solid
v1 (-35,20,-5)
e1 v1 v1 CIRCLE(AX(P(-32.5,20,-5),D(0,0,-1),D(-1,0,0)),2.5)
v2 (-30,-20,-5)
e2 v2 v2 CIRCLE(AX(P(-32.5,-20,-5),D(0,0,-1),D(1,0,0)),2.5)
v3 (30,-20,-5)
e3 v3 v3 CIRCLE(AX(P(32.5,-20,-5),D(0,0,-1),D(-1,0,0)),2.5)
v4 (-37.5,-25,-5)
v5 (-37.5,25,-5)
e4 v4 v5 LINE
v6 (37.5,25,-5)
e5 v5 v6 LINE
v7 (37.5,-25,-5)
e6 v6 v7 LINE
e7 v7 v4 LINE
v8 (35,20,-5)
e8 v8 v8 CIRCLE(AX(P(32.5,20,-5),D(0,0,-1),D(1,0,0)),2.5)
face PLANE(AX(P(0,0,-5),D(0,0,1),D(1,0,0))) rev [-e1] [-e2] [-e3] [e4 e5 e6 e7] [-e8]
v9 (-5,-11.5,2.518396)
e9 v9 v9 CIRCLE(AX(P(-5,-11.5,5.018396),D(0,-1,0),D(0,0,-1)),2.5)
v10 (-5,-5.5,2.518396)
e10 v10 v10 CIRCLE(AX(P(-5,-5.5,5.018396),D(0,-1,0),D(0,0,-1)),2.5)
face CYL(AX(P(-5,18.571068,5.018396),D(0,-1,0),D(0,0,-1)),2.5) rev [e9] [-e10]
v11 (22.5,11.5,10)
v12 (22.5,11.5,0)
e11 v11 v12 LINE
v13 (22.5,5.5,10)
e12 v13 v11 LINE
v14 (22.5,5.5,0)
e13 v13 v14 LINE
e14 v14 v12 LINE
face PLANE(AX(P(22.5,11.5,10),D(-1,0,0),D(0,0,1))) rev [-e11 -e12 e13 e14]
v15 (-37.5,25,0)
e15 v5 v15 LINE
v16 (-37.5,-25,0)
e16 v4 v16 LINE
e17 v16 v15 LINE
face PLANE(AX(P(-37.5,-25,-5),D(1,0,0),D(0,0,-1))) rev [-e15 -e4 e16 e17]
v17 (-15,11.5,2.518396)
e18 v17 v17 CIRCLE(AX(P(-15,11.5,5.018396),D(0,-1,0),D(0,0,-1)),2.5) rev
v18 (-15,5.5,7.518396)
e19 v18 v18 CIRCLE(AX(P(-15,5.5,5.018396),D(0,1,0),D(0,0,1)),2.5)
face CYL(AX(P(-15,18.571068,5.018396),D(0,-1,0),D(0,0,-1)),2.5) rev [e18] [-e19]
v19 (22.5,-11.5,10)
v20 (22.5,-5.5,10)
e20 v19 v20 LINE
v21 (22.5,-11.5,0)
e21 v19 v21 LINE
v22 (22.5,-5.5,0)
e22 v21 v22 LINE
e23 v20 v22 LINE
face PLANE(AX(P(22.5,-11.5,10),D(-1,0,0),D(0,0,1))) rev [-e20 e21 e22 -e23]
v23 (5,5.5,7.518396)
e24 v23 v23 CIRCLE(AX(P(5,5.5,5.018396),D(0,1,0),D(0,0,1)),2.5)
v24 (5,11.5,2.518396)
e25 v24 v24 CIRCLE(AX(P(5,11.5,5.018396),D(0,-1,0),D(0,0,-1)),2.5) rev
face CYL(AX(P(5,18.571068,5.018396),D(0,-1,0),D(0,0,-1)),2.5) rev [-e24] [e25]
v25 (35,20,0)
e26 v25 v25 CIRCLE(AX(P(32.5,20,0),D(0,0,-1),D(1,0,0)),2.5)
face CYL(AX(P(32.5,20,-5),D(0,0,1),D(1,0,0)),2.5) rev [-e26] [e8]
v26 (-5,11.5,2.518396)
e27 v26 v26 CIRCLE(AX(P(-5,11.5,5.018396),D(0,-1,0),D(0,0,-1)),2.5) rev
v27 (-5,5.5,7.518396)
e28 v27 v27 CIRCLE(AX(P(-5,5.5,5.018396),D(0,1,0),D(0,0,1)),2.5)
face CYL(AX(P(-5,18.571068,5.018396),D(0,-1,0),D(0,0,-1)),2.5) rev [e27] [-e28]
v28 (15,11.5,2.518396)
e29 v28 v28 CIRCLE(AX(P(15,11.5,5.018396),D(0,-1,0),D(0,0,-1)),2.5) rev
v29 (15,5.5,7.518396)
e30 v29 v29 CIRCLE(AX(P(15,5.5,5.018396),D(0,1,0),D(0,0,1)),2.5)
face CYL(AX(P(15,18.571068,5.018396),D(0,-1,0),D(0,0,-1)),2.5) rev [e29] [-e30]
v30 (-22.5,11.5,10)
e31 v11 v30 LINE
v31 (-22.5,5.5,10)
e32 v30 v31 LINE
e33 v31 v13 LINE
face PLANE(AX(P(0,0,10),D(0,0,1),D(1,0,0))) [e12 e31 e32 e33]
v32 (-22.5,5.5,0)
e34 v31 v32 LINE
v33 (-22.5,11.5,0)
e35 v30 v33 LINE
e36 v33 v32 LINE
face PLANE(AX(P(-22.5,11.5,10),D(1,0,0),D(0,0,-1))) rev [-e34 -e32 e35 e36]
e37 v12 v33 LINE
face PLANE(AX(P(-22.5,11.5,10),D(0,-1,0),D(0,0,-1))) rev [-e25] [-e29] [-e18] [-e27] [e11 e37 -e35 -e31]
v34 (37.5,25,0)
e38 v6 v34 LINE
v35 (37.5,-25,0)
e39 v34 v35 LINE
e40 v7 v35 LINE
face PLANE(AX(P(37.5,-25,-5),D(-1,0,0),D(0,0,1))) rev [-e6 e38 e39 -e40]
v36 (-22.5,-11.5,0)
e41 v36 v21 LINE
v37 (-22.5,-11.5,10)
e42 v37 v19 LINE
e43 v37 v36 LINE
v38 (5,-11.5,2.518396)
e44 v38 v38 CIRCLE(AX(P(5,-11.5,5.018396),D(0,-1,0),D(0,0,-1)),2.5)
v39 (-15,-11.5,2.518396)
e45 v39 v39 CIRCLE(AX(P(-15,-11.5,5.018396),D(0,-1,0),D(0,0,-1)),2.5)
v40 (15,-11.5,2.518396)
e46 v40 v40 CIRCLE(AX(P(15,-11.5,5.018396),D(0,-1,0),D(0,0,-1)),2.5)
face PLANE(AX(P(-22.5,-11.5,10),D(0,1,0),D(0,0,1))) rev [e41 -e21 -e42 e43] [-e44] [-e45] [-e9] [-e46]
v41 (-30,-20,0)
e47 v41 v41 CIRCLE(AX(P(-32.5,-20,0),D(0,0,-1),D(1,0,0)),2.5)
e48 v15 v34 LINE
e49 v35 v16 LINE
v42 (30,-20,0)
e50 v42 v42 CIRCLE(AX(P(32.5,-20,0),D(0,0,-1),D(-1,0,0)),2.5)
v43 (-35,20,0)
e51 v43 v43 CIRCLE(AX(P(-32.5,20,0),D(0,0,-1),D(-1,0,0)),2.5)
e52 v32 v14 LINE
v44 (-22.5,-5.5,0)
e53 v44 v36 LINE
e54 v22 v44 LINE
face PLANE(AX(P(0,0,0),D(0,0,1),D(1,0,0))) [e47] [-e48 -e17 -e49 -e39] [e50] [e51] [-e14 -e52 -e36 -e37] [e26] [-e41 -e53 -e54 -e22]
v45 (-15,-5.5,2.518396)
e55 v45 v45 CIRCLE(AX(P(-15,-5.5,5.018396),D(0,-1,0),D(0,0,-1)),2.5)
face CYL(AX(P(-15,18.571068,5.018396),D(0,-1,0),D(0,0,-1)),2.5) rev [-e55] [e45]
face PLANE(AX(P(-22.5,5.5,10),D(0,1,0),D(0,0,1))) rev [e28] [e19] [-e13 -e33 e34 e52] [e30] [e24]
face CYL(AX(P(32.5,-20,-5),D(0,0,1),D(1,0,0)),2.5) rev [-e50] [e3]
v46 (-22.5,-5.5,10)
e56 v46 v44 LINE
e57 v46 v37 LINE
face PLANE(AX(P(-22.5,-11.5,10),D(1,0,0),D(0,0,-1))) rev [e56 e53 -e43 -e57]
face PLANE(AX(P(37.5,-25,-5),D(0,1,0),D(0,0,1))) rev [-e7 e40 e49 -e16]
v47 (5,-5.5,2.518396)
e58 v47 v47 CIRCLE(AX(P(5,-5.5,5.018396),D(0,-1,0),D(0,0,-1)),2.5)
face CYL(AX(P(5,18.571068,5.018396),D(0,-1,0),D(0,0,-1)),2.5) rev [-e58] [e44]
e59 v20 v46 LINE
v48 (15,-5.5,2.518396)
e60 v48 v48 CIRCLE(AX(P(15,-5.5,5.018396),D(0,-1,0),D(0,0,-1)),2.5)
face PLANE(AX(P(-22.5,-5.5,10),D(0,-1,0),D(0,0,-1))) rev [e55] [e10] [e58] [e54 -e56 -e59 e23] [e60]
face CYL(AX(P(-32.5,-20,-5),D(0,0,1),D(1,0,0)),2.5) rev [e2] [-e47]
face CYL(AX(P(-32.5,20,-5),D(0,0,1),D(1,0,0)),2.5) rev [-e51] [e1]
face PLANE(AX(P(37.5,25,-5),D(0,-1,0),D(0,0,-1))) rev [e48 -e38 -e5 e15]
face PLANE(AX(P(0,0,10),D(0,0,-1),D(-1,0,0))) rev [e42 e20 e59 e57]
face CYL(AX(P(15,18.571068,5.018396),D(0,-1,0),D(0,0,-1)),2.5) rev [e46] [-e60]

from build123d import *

# Parameters (mm, degrees)
ESQUISSE1_W             = 45
ESQUISSE1_H             = 6
BOSS_EXTRU_1_DEPTH      = 10
BOSS_EXTRU_1_2_DEPTH    = 10
ESQUISSE2_W             = 75
ESQUISSE2_H             = 50
ESQUISSE2_R             = 2.5
BOSS_EXTRU_2_DEPTH      = 5
ENL_V_MAT_EXTRU_1_REACH = 55.278
ESQUISSE3_R             = 2.5


with BuildPart() as part:
    # Esquisse1 → Boss.-Extru.1 (new body)
    with BuildSketch(Plane.XY):
        with Locations((0, 8.5)):
            Rectangle(ESQUISSE1_W, ESQUISSE1_H)
    extrude(amount=BOSS_EXTRU_1_DEPTH)



with BuildPart() as body_2:
    # Esquisse1 → Boss.-Extru.1 2 (new body)
    with BuildSketch(Plane.XY):
        with Locations((0, -8.5)):
            Rectangle(ESQUISSE1_W, ESQUISSE1_H)
    extrude(amount=BOSS_EXTRU_1_2_DEPTH)


with BuildPart() as part_1:
    add(part.part)

    add(body_2.part)  # Boss.-Extru.2 merges body 2
    # Esquisse2 → Boss.-Extru.2 (add)
    with BuildSketch(Plane(origin=(0, 0, 0), x_dir=(-1, 0, 0), z_dir=(0, 0, -1))):
        Rectangle(ESQUISSE2_W, ESQUISSE2_H)
        with Locations((32.5, 20)):
            Circle(ESQUISSE2_R, mode=Mode.SUBTRACT)
        with Locations(Location((-32.5, 20, 0), (0, 0, 180))):
            Circle(ESQUISSE2_R, mode=Mode.SUBTRACT)
        with Locations((-32.5, -20)):
            Circle(ESQUISSE2_R, mode=Mode.SUBTRACT)
        with Locations(Location((32.5, -20, 0), (0, 0, 180))):
            Circle(ESQUISSE2_R, mode=Mode.SUBTRACT)
    extrude(amount=BOSS_EXTRU_2_DEPTH)

    # Enlèv. mat.-Extru.1: up to this face of the body (flat: up to its plane)
    enl_v_mat_extru_1_end = Plane(part_1.part.faces().sort_by_distance((0, 11.5, 5))[0])
    # Esquisse3 → Enlèv. mat.-Extru.1 (cut, up to the picked face)
    with BuildSketch(Plane.XZ.offset(11.5), mode=Mode.PRIVATE) as enl_v_mat_extru_1_sk1:
        with Locations(Location((-5, 5.0183964, 0), (0, 0, 270))):
            Circle(ESQUISSE3_R)
    enl_v_mat_extru_1_tool1 = split(extrude(enl_v_mat_extru_1_sk1.sketch, amount=-ENL_V_MAT_EXTRU_1_REACH, mode=Mode.PRIVATE), bisect_by=enl_v_mat_extru_1_end, keep=Keep.BOTH, mode=Mode.PRIVATE)
    # Esquisse3 → Enlèv. mat.-Extru.1 (cut, up to the picked face)
    with BuildSketch(Plane.XZ.offset(11.5), mode=Mode.PRIVATE) as enl_v_mat_extru_1_sk2:
        with Locations(Location((5, 5.0183964, 0), (0, 0, 270))):
            Circle(ESQUISSE3_R)
    enl_v_mat_extru_1_tool2 = split(extrude(enl_v_mat_extru_1_sk2.sketch, amount=-ENL_V_MAT_EXTRU_1_REACH, mode=Mode.PRIVATE), bisect_by=enl_v_mat_extru_1_end, keep=Keep.BOTH, mode=Mode.PRIVATE)
    # Esquisse3 → Enlèv. mat.-Extru.1 (cut, up to the picked face)
    with BuildSketch(Plane.XZ.offset(11.5), mode=Mode.PRIVATE) as enl_v_mat_extru_1_sk3:
        with Locations(Location((15, 5.0183964, 0), (0, 0, 270))):
            Circle(ESQUISSE3_R)
    enl_v_mat_extru_1_tool3 = split(extrude(enl_v_mat_extru_1_sk3.sketch, amount=-ENL_V_MAT_EXTRU_1_REACH, mode=Mode.PRIVATE), bisect_by=enl_v_mat_extru_1_end, keep=Keep.BOTH, mode=Mode.PRIVATE)
    # Esquisse3 → Enlèv. mat.-Extru.1 (cut, up to the picked face)
    with BuildSketch(Plane.XZ.offset(11.5), mode=Mode.PRIVATE) as enl_v_mat_extru_1_sk4:
        with Locations(Location((-15, 5.0183964, 0), (0, 0, 270))):
            Circle(ESQUISSE3_R)
    enl_v_mat_extru_1_tool4 = split(extrude(enl_v_mat_extru_1_sk4.sketch, amount=-ENL_V_MAT_EXTRU_1_REACH, mode=Mode.PRIVATE), bisect_by=enl_v_mat_extru_1_end, keep=Keep.BOTH, mode=Mode.PRIVATE)
    add(enl_v_mat_extru_1_tool1.solids().sort_by(Axis((-5, -11.5, 5.018396), (0, 1, 0)))[0], mode=Mode.SUBTRACT)
    add(enl_v_mat_extru_1_tool2.solids().sort_by(Axis((5, -11.5, 5.018396), (0, 1, 0)))[0], mode=Mode.SUBTRACT)
    add(enl_v_mat_extru_1_tool3.solids().sort_by(Axis((15, -11.5, 5.018396), (0, 1, 0)))[0], mode=Mode.SUBTRACT)
    add(enl_v_mat_extru_1_tool4.solids().sort_by(Axis((-15, -11.5, 5.018396), (0, 1, 0)))[0], mode=Mode.SUBTRACT)


solid = part_1.part
